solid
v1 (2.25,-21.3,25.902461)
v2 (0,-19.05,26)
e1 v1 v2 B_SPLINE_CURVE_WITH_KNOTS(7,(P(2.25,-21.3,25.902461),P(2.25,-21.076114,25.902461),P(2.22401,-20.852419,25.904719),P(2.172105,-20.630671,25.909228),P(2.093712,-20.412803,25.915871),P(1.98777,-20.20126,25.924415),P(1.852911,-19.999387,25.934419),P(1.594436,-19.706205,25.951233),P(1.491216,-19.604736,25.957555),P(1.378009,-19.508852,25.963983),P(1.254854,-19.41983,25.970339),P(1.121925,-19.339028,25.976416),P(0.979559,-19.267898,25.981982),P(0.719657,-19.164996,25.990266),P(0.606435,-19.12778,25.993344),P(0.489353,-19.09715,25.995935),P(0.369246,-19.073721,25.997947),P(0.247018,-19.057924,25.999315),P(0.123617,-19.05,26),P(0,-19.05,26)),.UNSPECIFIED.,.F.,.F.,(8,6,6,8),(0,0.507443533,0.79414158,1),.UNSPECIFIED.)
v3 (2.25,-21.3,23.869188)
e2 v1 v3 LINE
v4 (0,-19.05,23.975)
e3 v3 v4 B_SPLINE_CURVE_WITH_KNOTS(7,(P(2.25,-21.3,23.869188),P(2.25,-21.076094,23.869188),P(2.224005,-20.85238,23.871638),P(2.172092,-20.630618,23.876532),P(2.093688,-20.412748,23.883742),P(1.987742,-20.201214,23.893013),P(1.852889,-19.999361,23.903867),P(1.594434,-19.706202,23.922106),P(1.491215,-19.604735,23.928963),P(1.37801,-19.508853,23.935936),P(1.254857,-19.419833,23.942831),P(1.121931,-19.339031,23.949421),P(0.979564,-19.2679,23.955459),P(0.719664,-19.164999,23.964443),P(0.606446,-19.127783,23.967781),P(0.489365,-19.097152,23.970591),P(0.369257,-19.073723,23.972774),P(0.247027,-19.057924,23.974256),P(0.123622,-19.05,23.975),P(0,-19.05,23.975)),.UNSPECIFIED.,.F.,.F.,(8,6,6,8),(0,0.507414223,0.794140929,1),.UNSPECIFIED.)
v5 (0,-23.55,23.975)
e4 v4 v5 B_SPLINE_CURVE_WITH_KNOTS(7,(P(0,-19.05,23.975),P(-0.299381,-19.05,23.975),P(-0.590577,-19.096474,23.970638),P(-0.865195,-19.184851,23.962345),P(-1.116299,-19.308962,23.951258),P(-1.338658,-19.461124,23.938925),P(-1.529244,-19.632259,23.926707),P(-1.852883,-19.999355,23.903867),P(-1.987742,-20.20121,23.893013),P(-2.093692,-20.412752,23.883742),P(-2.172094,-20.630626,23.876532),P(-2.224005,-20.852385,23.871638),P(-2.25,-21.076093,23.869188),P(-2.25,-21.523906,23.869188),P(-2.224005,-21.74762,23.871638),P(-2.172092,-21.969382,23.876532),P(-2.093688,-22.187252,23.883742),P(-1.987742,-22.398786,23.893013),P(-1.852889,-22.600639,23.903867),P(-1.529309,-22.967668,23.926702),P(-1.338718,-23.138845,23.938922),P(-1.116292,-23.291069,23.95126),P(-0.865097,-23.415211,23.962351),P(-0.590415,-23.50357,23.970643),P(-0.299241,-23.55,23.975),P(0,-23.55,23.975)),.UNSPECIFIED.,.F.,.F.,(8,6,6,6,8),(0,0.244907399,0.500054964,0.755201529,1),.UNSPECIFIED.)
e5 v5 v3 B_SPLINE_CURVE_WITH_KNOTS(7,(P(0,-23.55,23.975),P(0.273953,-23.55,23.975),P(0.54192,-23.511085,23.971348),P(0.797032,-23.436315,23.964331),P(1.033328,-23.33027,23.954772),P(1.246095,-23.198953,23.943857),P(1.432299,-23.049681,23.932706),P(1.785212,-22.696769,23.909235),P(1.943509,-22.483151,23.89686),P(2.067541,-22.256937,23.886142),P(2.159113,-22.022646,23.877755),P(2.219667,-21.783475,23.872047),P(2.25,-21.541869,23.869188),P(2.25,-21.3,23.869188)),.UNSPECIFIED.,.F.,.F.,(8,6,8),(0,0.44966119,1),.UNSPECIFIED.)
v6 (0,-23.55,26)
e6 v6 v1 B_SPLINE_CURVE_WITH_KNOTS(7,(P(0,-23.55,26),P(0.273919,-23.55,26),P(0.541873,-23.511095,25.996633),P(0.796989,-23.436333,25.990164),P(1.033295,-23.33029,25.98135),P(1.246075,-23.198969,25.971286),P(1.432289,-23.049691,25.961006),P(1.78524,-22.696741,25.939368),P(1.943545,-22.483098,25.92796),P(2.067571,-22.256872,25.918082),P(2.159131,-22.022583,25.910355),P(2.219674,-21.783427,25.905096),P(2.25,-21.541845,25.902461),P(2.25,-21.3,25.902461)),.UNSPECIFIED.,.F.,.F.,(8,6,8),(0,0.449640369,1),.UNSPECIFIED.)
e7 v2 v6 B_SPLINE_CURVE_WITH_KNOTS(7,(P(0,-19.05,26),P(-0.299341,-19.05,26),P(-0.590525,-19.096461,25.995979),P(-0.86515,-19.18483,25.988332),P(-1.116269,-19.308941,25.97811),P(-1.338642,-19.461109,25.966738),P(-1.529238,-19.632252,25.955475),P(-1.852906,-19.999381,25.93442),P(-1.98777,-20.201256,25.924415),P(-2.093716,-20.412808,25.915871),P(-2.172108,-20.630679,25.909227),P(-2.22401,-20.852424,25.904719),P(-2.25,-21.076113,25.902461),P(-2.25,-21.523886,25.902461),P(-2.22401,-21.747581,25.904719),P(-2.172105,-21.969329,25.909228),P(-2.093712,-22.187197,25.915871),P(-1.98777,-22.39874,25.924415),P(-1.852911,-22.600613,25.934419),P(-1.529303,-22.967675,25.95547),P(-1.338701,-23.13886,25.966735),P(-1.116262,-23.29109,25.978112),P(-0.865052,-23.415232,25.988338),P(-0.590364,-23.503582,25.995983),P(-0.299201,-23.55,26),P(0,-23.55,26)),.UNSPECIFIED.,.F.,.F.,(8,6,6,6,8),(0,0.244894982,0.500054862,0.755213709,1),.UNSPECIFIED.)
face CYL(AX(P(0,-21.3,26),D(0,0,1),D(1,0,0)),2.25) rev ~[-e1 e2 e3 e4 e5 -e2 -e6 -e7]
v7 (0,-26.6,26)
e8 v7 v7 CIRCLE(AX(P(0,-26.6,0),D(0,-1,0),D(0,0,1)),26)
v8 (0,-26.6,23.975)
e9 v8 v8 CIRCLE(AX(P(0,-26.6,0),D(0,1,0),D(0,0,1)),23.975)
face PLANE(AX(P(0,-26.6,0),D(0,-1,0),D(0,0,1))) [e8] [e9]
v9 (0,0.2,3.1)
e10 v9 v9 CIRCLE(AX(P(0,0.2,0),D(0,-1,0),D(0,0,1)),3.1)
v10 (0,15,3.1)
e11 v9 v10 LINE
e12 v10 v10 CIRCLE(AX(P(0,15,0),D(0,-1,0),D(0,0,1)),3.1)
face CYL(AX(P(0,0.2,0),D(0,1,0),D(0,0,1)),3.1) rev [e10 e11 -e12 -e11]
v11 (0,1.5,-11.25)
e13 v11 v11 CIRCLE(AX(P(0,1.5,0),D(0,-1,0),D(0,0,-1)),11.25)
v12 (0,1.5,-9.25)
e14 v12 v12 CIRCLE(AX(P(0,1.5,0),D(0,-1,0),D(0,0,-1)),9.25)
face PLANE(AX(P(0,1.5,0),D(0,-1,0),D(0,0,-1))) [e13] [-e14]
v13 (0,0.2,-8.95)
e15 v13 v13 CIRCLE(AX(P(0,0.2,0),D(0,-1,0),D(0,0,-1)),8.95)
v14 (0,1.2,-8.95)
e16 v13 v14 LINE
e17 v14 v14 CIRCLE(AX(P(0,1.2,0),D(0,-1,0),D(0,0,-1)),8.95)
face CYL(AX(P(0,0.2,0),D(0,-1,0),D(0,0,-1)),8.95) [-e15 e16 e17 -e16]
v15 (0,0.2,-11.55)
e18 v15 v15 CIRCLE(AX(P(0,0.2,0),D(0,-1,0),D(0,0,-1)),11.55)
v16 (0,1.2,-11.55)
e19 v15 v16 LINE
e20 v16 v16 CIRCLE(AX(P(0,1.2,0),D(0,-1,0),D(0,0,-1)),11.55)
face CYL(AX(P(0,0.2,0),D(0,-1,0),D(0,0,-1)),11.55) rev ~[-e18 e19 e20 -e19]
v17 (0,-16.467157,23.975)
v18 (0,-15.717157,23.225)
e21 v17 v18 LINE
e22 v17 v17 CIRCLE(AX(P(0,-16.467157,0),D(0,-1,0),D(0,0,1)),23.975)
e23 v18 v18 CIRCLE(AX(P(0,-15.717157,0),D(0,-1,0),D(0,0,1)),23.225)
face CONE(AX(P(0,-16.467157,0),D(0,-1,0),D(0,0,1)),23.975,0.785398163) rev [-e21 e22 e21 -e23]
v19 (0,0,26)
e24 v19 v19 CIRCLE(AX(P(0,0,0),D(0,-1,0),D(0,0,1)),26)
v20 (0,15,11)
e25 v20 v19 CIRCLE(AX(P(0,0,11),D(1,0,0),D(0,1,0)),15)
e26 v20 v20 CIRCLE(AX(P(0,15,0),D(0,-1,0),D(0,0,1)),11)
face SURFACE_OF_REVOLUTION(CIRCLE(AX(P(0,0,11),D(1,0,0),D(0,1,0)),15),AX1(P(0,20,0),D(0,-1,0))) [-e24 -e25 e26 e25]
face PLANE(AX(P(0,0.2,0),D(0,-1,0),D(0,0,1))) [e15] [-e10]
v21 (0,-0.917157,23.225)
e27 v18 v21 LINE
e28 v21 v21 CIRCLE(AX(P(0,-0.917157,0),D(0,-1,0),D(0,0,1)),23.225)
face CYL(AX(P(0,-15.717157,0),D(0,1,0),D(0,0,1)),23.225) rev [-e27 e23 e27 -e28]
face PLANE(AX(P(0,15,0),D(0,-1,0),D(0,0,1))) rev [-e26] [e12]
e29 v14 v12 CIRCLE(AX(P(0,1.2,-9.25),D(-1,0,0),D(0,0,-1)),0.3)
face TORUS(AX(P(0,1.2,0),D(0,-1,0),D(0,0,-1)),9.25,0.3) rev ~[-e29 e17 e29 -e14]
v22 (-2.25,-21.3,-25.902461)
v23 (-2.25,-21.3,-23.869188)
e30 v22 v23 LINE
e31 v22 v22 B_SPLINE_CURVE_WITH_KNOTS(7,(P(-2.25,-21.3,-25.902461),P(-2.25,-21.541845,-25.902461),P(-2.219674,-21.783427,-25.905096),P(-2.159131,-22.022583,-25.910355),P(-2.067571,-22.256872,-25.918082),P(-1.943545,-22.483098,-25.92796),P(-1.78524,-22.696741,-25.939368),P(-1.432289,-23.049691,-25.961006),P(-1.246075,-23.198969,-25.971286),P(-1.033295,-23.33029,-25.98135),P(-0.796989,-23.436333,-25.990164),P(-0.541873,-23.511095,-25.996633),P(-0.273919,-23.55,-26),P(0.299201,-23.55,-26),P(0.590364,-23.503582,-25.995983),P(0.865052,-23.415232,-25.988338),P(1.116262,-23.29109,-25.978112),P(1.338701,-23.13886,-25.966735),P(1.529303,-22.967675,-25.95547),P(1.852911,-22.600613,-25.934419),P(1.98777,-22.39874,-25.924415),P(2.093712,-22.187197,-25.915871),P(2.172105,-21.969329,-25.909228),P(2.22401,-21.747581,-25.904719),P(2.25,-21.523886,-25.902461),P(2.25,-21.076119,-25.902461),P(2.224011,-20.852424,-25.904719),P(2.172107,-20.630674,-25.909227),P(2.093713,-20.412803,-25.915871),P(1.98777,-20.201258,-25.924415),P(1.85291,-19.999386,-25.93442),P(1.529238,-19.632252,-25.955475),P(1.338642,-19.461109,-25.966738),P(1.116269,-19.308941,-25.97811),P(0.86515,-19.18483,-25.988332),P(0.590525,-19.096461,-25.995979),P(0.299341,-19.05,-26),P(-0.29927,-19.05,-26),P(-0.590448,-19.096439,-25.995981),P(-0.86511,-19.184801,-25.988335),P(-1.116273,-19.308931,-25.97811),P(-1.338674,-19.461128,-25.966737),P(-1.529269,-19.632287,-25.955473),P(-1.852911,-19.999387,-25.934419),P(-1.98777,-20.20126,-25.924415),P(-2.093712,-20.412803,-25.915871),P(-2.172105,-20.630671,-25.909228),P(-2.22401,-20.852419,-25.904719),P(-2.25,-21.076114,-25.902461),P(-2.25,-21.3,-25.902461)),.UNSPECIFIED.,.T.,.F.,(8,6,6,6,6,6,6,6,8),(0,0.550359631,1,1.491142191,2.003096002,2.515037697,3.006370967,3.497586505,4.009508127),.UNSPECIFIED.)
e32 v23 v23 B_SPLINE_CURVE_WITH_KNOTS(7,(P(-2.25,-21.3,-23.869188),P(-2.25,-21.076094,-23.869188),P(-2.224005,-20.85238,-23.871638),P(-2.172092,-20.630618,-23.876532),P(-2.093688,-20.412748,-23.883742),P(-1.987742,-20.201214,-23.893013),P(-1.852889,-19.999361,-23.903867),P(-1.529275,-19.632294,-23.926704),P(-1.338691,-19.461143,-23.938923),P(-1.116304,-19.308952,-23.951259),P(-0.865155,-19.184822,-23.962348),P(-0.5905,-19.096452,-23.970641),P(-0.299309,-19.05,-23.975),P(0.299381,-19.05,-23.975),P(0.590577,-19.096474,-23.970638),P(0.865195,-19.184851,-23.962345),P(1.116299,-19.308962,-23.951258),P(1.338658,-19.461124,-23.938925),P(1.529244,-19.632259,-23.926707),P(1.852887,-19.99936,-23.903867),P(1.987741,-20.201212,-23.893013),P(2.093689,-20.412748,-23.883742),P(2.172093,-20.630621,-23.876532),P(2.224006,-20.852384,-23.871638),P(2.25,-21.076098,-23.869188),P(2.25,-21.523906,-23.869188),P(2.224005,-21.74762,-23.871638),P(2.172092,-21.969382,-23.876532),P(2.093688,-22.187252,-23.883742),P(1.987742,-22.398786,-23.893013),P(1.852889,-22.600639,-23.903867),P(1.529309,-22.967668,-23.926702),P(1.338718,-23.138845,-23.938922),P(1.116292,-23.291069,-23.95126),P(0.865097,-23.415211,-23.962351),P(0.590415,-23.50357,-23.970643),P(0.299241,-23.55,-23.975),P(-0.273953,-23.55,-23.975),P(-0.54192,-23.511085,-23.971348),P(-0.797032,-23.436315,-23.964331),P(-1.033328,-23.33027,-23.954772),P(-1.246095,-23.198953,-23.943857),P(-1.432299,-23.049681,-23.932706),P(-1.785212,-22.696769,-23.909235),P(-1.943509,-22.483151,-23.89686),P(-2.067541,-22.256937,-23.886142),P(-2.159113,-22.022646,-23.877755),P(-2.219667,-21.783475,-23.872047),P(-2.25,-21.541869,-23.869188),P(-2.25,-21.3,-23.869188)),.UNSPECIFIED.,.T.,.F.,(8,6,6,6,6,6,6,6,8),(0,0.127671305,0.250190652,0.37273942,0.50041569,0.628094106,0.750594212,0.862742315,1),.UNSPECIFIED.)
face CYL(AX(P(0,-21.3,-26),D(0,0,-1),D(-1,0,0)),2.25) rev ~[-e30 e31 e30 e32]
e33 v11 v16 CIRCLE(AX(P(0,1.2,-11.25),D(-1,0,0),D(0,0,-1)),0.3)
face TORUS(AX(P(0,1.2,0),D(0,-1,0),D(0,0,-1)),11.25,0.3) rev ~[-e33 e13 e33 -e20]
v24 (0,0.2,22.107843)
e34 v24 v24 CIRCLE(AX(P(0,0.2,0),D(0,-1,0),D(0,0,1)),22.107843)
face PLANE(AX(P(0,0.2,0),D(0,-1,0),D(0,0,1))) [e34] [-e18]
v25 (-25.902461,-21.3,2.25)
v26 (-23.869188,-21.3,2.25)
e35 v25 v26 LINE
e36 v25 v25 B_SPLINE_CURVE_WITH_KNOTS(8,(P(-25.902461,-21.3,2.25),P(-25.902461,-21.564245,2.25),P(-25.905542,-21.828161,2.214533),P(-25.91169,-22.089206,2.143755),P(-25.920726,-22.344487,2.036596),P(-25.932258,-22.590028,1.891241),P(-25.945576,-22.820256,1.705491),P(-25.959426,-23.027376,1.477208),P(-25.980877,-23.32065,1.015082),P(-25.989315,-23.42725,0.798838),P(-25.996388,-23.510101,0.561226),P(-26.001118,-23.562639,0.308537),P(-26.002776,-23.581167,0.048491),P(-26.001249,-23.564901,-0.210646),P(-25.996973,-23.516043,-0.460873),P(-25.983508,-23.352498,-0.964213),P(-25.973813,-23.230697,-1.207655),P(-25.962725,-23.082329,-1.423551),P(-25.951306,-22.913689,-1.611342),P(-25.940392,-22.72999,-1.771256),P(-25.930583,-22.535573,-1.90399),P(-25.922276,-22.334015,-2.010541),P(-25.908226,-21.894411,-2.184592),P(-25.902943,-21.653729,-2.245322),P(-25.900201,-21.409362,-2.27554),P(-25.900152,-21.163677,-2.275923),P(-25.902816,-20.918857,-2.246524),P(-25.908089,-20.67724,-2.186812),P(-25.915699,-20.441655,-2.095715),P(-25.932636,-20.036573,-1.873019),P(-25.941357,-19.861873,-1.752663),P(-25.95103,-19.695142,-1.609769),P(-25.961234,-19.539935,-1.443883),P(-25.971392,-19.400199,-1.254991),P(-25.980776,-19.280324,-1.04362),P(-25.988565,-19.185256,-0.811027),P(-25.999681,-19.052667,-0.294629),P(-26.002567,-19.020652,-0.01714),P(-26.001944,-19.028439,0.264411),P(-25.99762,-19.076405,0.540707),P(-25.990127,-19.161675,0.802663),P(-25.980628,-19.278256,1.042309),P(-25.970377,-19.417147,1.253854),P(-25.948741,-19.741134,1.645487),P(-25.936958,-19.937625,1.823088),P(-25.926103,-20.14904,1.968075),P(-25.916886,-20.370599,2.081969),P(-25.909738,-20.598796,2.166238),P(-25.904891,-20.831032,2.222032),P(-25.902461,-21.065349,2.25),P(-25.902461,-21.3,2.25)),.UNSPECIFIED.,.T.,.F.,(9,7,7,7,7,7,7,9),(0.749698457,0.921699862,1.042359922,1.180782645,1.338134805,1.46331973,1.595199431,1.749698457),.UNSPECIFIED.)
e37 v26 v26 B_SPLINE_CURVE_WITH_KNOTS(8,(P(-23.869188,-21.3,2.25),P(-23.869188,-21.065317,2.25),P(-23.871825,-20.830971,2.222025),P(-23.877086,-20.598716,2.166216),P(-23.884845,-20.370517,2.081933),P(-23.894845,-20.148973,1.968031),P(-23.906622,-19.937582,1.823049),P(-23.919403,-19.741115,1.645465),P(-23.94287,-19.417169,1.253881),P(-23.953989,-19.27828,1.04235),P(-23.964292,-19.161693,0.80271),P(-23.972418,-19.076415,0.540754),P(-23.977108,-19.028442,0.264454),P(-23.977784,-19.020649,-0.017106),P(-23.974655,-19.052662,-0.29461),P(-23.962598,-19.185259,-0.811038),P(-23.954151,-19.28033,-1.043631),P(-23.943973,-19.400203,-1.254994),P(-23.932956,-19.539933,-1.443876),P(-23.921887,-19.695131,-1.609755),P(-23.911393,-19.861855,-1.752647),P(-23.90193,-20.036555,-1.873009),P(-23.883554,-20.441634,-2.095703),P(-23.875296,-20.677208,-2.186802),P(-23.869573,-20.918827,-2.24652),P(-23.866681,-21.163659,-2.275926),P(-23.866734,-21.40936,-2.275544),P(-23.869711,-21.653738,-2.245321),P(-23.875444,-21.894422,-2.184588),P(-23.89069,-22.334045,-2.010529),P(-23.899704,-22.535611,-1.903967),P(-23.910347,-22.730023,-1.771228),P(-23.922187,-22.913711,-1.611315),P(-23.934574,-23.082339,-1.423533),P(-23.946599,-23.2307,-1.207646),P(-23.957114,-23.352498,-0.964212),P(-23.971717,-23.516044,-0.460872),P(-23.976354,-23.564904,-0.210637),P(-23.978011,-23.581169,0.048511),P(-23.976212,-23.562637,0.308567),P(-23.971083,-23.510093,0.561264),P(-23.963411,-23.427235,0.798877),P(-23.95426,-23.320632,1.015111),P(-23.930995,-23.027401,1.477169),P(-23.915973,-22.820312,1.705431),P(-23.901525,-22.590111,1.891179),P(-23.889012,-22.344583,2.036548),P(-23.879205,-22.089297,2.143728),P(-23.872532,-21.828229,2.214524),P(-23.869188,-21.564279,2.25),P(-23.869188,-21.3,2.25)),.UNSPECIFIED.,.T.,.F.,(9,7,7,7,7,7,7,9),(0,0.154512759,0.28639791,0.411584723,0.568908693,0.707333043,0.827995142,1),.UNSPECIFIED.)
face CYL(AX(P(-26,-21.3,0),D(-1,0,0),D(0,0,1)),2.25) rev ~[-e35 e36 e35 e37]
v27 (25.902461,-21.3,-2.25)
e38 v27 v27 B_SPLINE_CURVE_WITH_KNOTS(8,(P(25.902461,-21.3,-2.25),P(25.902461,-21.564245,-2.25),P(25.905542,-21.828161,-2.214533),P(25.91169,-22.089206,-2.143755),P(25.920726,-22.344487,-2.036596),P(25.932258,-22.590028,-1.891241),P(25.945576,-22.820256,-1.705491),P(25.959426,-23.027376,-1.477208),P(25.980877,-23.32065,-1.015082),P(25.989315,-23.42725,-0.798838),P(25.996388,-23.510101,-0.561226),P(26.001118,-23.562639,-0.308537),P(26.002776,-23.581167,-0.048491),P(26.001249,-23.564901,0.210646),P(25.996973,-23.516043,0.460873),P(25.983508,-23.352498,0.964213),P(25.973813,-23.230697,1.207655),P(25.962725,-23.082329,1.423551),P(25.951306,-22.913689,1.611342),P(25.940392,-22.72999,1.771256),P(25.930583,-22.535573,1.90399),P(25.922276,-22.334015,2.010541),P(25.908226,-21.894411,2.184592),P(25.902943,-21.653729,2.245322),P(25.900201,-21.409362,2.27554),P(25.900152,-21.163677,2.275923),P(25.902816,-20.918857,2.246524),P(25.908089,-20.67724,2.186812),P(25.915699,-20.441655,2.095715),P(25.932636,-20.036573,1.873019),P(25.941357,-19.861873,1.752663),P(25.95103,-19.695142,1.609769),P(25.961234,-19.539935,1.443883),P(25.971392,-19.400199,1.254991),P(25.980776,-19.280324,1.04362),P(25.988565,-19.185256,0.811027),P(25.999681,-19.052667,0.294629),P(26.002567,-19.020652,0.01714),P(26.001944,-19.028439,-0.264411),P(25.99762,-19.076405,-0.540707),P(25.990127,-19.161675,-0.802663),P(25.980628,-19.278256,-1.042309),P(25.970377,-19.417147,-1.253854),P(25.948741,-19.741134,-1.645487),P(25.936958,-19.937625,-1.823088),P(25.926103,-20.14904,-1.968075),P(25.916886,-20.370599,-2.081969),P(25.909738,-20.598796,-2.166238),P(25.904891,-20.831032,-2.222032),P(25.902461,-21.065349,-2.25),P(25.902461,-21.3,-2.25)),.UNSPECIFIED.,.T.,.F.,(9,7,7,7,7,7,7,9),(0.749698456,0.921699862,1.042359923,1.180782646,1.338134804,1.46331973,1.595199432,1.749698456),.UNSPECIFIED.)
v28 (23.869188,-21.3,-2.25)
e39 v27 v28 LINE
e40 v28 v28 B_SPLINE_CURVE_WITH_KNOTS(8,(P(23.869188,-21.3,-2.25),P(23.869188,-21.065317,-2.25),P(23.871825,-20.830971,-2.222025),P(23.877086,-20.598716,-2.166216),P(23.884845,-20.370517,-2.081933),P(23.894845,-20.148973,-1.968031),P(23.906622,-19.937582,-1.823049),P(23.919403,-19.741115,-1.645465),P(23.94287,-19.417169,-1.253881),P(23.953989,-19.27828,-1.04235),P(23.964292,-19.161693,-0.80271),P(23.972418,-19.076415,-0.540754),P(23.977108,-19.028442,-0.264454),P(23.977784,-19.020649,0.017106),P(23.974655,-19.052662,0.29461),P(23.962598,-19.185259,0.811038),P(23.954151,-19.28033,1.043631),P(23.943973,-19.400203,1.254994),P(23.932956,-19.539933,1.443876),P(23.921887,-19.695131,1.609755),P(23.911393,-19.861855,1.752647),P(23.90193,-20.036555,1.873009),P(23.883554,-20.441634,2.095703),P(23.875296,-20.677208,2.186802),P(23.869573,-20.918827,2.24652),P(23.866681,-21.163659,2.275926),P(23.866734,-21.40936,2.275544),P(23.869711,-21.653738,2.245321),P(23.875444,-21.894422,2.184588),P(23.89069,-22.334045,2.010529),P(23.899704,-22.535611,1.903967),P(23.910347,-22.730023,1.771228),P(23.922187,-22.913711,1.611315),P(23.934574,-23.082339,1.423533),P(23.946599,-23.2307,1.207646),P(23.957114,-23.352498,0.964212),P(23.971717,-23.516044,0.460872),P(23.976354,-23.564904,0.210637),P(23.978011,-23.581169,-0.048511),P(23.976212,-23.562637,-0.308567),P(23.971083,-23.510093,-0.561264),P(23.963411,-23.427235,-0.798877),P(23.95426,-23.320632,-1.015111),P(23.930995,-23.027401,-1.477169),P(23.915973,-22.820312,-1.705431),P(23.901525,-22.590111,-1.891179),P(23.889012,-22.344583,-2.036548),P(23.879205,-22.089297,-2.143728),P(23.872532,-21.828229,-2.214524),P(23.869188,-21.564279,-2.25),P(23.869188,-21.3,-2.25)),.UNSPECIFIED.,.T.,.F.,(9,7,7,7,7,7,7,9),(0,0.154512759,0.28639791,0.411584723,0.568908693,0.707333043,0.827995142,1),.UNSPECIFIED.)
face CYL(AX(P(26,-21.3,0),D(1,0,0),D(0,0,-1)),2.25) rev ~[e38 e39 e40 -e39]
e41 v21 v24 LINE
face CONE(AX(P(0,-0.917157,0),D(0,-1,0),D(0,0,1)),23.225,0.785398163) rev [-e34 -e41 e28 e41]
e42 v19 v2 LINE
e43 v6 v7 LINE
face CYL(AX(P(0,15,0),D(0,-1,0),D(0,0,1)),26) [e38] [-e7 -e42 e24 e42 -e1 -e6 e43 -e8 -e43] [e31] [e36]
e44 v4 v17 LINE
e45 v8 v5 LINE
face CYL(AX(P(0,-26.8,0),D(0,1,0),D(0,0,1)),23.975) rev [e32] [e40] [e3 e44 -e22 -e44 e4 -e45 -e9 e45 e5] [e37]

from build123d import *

# Parameters (mm, degrees)
SKETCH6_R          = 2.25
CUT_EXTRUDE1_DEPTH = 10
CIRPATTERN1_COUNT  = 4
SKETCH7_R          = 26
CUT_EXTRUDE2_DEPTH = 0.2
SKETCH8_R          = 11.55
SKETCH8_R_2        = 8.95
CUT_EXTRUDE3_DEPTH = 1.3
FILLET1_R          = 0.3


with BuildPart() as part:
    # Sketch1 → Revolve2 (revolve)
    with BuildSketch(Plane(origin=(0, 0, 0), x_dir=(0, 0, -1), z_dir=(1, 0, 0))):
        Polygon((-26, -26.8), (-23.975, -26.8), (-23.975, -16.467157288), (-23.225, -15.717157288), (-23.225, -0.917157288), (-22.107842712, 0.2), (-8.475, 0.2), (-3.1, 0.2), (-3.1, 15), (-26, 15), align=None)
    revolve(axis=Axis((0, 42.157107232, 0), (0, -1, 0)))

    # Sketch5 → Cut-Revolve1 (revolve, cut)
    with BuildSketch(Plane.XY, mode=Mode.PRIVATE) as cut_revolve1_sk:
        with BuildLine():
            Line((-26, 15), (-11, 15))
            ThreePointArc((-11, 15), (-21.606601718, 10.606601718), (-26, 0))
            Line((-26, 0), (-26, 15))
        make_face()
    revolve(cut_revolve1_sk.sketch.rotate(Axis((0, 20, 0), (0, -1, 0)), 270), axis=Axis((0, 20, 0), (0, -1, 0)), mode=Mode.SUBTRACT)

    # Sketch6 → Cut-Extrude1 (cut)
    with BuildSketch(Plane.ZY.offset(26)):
        with Locations((0, -21.3)):
            Circle(SKETCH6_R)
    cut_extrude1 = extrude(amount=-CUT_EXTRUDE1_DEPTH, mode=Mode.SUBTRACT)

    # CirPattern1: Cut-Extrude1 ×4 about axis
    cirpattern1_axis = Axis((0, -26.8, 0), (0, 1, 0))
    for i in range(1, CIRPATTERN1_COUNT):
        add(cut_extrude1.rotate(cirpattern1_axis, i * 360 / CIRPATTERN1_COUNT), mode=Mode.SUBTRACT)

    # Sketch7 → Cut-Extrude2 (cut)
    with BuildSketch(Plane.XZ.offset(26.8)):
        with Locations(Location((0, 0, 0), (0, 0, 90))):
            Circle(SKETCH7_R)
    extrude(amount=-CUT_EXTRUDE2_DEPTH, mode=Mode.SUBTRACT)

    # Sketch8 → Cut-Extrude3 (cut)
    with BuildSketch(Plane.XZ.offset(-0.2)):
        with Locations(Location((0, 0, 0), (0, 0, 270))):
            Circle(SKETCH8_R)
        with Locations(Location((0, 0, 0), (0, 0, 270))):
            Circle(SKETCH8_R_2, mode=Mode.SUBTRACT)
    extrude(amount=-CUT_EXTRUDE3_DEPTH, mode=Mode.SUBTRACT)

    # Fillet1
    fillet1_edges = [part.edges().sort_by_distance(p)[0] for p in [
        (0, 1.5, 11.55),
        (0, 1.5, 8.95),
    ]]
    fillet(fillet1_edges, radius=FILLET1_R)


solid = part.part
